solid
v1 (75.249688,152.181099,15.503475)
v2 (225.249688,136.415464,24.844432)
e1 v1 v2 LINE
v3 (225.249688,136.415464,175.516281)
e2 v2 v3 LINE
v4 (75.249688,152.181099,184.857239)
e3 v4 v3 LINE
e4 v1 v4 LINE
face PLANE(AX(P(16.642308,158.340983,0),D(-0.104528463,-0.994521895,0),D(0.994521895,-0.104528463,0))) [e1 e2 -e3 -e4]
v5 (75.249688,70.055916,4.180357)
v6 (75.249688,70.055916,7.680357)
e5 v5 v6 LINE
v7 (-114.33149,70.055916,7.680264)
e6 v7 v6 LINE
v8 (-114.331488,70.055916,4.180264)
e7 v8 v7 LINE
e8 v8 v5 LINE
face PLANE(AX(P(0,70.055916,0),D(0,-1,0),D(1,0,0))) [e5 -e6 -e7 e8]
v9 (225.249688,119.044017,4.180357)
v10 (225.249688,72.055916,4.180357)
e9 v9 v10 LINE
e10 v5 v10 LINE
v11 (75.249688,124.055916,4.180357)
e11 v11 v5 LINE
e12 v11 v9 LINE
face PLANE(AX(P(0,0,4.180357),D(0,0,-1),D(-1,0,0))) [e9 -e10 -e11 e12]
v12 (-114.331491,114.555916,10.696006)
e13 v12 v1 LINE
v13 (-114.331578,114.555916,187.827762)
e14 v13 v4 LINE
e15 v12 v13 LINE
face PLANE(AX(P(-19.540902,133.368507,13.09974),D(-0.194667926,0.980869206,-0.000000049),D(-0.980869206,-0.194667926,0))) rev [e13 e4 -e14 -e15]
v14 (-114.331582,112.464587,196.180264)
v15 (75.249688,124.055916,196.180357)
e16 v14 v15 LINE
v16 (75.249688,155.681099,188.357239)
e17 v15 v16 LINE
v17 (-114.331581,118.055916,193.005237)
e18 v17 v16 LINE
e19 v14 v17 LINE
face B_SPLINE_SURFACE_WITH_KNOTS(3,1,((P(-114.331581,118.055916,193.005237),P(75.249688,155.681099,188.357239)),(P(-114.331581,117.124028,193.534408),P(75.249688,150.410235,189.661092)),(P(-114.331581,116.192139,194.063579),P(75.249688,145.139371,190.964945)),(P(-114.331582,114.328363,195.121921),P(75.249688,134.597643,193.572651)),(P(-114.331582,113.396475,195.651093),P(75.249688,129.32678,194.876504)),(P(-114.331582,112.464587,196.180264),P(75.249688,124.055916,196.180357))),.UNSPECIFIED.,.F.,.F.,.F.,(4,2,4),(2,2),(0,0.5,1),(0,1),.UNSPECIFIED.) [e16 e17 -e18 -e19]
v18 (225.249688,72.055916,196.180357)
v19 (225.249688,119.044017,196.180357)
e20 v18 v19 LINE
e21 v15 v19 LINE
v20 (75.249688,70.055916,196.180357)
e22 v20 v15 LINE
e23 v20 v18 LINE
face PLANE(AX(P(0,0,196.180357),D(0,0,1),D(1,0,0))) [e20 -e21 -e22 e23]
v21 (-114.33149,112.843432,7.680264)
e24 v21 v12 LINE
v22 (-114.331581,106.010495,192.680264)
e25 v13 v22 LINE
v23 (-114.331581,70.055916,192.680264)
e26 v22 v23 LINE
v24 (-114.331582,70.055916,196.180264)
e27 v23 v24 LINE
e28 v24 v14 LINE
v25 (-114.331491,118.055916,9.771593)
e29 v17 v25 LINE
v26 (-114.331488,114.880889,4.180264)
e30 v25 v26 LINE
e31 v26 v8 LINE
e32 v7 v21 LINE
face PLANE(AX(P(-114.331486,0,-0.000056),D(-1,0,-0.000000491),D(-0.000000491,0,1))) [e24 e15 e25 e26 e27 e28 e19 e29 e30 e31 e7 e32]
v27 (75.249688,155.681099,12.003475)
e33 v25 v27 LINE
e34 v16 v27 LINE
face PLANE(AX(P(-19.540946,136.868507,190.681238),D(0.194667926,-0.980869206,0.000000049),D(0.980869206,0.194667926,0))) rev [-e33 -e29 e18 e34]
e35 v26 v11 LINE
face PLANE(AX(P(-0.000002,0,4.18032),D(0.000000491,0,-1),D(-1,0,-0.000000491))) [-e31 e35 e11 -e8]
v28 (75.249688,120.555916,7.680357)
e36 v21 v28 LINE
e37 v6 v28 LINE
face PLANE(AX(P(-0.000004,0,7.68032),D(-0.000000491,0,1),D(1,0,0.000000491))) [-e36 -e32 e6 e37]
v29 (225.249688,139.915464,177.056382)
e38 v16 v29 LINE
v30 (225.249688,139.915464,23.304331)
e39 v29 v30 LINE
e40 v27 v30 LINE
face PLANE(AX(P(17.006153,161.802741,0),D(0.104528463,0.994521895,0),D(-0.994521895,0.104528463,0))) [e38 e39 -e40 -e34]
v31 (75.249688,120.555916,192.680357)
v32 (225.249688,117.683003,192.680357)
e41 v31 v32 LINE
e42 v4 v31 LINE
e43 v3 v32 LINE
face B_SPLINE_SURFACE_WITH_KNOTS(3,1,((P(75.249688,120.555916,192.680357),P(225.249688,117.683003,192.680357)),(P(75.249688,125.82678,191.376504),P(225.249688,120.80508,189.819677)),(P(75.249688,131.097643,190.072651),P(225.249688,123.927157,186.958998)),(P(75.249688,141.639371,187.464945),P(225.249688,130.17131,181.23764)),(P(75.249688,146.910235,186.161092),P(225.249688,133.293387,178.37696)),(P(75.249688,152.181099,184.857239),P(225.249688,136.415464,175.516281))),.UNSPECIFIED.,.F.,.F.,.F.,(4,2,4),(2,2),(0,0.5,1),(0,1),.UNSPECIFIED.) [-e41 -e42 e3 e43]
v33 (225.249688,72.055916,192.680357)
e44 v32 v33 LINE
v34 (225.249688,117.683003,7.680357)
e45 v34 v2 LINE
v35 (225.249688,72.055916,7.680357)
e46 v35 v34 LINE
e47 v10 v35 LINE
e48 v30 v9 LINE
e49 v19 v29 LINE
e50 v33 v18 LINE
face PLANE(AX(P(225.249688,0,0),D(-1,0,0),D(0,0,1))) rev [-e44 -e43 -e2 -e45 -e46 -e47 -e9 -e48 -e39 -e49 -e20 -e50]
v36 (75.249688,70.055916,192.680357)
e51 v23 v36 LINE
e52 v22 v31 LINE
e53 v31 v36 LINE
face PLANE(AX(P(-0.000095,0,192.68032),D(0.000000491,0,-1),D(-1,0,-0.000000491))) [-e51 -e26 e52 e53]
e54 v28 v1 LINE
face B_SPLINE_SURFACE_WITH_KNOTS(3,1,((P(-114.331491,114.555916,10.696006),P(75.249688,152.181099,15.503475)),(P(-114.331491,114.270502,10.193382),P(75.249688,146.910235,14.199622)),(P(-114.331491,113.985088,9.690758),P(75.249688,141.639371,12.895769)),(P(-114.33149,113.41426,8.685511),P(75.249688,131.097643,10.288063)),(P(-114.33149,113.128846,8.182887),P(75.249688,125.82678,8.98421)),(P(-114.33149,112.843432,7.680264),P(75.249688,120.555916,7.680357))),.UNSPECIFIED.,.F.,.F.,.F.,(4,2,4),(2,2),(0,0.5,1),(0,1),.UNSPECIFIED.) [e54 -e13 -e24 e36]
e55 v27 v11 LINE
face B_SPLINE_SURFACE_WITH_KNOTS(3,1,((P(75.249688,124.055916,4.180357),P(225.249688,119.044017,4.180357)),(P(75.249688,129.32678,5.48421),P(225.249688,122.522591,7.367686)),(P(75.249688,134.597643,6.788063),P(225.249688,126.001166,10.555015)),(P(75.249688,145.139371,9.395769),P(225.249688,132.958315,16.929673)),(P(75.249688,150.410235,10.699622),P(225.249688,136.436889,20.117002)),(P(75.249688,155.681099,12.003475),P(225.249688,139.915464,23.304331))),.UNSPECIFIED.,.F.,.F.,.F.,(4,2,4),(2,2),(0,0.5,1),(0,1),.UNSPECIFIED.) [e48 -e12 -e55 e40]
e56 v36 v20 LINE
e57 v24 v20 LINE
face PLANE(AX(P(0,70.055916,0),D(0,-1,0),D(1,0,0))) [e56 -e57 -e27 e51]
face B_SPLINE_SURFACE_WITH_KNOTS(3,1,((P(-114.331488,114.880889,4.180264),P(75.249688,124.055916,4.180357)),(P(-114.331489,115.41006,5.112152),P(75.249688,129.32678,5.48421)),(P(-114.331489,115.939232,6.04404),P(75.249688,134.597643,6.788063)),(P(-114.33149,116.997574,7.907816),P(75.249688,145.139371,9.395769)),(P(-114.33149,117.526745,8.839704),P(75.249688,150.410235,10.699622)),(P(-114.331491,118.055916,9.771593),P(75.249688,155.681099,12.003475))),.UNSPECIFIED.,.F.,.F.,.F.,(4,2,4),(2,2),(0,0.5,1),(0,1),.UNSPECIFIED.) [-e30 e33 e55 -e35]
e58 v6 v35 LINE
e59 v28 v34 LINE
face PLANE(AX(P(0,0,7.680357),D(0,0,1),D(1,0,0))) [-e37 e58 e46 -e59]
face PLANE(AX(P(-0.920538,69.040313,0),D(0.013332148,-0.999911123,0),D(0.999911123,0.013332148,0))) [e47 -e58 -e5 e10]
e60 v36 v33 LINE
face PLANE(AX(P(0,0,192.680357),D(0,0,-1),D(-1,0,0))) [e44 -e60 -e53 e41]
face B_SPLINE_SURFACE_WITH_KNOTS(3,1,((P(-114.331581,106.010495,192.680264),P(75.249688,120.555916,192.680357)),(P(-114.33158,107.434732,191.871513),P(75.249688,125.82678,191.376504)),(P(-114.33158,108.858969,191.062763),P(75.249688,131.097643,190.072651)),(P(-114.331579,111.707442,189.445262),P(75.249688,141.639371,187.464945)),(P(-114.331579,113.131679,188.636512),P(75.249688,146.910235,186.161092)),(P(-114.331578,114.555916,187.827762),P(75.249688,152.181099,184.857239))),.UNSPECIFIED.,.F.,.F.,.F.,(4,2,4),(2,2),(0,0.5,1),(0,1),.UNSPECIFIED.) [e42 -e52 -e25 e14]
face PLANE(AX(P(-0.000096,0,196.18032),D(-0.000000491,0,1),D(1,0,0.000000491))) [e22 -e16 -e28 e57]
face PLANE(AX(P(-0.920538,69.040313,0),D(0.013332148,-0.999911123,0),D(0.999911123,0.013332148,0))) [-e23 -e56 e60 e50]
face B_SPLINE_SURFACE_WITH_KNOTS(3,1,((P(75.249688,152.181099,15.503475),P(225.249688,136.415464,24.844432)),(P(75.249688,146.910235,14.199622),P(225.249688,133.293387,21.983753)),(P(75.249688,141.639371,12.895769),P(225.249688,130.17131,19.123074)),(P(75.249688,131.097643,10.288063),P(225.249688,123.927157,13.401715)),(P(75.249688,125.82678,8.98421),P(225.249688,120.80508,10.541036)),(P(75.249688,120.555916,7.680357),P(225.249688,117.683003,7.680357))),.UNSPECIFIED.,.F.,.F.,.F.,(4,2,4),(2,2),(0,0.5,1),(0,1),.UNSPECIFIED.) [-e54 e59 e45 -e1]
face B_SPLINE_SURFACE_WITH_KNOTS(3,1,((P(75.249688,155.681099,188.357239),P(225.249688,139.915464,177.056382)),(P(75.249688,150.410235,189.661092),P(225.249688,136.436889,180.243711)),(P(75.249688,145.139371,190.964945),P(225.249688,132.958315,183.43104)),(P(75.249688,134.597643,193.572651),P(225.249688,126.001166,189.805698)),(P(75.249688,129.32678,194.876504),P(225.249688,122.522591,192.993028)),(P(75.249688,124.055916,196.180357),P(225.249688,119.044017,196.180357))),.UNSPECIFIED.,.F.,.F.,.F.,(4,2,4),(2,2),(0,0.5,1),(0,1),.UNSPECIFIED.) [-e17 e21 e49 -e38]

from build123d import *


with BuildPart() as part:
    # Sketch8 → Loft2 section 0
    with BuildSketch(Plane(origin=(-114.331486138, 0, -5.6121e-05), x_dir=(-4.908629793444053e-07, 0, 0.9999999999998797), z_dir=(-0.9999999999998797, 0, -4.908629793444053e-07))):
        with BuildLine():
            Line((4.180319673, 70.055915721), (7.680319673, 70.055915721))
            Line((7.680319673, 70.055915721), (7.680319673, 112.843431855))
            Line((7.680319673, 112.843431855), (10.696061863, 114.555915721))
            Line((10.696061863, 114.555915721), (187.827817904, 114.555915721))
            Line((187.827817904, 114.555915721), (192.680319673, 106.010495472))
            Line((192.680319673, 106.010495472), (192.680319673, 70.055915721))
            Line((192.680319673, 70.055915721), (196.180319673, 70.055915721))
            Line((196.180319673, 70.055915721), (196.180319673, 112.464586674))
            Line((196.180319673, 112.464586674), (193.005293366, 118.055915721))
            Line((193.005293366, 118.055915721), (9.771648721, 118.055915721))
            Line((9.771648721, 118.055915721), (4.180319673, 114.880889414))
            Line((4.180319673, 114.880889414), (4.180319673, 70.055915721))
        make_face()
    # Sketch4 → Loft2 section 1
    with BuildSketch(Plane.ZY.offset(-75.249688297)):
        with BuildLine():
            Line((7.680356611, 70.055915721), (7.680356611, 120.555915721))
            Line((7.680356611, 120.555915721), (15.50347472, 152.181098948))
            Line((15.50347472, 152.181098948), (184.857238502, 152.181098948))
            Line((184.857238502, 152.181098948), (192.680356611, 120.555915721))
            Line((192.680356611, 120.555915721), (192.680356611, 70.055915721))
            Line((192.680356611, 70.055915721), (196.180356611, 70.055915721))
            Line((196.180356611, 70.055915721), (196.180356611, 124.055915721))
            Line((196.180356611, 124.055915721), (188.357238502, 155.681098948))
            Line((188.357238502, 155.681098948), (12.00347472, 155.681098948))
            Line((12.00347472, 155.681098948), (4.180356611, 124.055915721))
            Line((4.180356611, 124.055915721), (4.180356611, 70.055915721))
            Line((4.180356611, 70.055915721), (7.680356611, 70.055915721))
        make_face()
    loft()

    # Sketch4<4> → Loft3 section 0
    with BuildSketch(Plane.ZY.offset(-75.249688297)):
        with BuildLine():
            Line((7.680356611, 70.055915721), (7.680356611, 120.555915721))
            Line((7.680356611, 120.555915721), (15.50347472, 152.181098948))
            Line((15.50347472, 152.181098948), (184.857238502, 152.181098948))
            Line((184.857238502, 152.181098948), (192.680356611, 120.555915721))
            Line((192.680356611, 120.555915721), (192.680356611, 70.055915721))
            Line((192.680356611, 70.055915721), (196.180356611, 70.055915721))
            Line((196.180356611, 70.055915721), (196.180356611, 124.055915721))
            Line((196.180356611, 124.055915721), (188.357238502, 155.681098948))
            Line((188.357238502, 155.681098948), (12.00347472, 155.681098948))
            Line((12.00347472, 155.681098948), (4.180356611, 124.055915721))
            Line((4.180356611, 124.055915721), (4.180356611, 70.055915721))
            Line((4.180356611, 70.055915721), (7.680356611, 70.055915721))
        make_face()
    # Sketch5 → Loft3 section 1
    with BuildSketch(Plane.ZY.offset(-225.249688297)):
        with BuildLine():
            Line((7.680356611, 72.055915721), (7.680356611, 117.683003445))
            Line((7.680356611, 117.683003445), (24.844432257, 136.415463658))
            Line((24.844432257, 136.415463658), (175.516280964, 136.415463658))
            Line((175.516280964, 136.415463658), (192.680356611, 117.683003445))
            Line((192.680356611, 117.683003445), (192.680356611, 72.055915721))
            Line((192.680356611, 72.055915721), (196.180356611, 72.055915721))
            Line((196.180356611, 72.055915721), (196.180356611, 119.044016942))
            Line((196.180356611, 119.044016942), (177.056382173, 139.915463658))
            Line((177.056382173, 139.915463658), (23.304331049, 139.915463658))
            Line((23.304331049, 139.915463658), (4.180356611, 119.044016942))
            Line((4.180356611, 119.044016942), (4.180356611, 72.055915721))
            Line((4.180356611, 72.055915721), (7.680356611, 72.055915721))
        make_face()
    loft()


solid = part.part
